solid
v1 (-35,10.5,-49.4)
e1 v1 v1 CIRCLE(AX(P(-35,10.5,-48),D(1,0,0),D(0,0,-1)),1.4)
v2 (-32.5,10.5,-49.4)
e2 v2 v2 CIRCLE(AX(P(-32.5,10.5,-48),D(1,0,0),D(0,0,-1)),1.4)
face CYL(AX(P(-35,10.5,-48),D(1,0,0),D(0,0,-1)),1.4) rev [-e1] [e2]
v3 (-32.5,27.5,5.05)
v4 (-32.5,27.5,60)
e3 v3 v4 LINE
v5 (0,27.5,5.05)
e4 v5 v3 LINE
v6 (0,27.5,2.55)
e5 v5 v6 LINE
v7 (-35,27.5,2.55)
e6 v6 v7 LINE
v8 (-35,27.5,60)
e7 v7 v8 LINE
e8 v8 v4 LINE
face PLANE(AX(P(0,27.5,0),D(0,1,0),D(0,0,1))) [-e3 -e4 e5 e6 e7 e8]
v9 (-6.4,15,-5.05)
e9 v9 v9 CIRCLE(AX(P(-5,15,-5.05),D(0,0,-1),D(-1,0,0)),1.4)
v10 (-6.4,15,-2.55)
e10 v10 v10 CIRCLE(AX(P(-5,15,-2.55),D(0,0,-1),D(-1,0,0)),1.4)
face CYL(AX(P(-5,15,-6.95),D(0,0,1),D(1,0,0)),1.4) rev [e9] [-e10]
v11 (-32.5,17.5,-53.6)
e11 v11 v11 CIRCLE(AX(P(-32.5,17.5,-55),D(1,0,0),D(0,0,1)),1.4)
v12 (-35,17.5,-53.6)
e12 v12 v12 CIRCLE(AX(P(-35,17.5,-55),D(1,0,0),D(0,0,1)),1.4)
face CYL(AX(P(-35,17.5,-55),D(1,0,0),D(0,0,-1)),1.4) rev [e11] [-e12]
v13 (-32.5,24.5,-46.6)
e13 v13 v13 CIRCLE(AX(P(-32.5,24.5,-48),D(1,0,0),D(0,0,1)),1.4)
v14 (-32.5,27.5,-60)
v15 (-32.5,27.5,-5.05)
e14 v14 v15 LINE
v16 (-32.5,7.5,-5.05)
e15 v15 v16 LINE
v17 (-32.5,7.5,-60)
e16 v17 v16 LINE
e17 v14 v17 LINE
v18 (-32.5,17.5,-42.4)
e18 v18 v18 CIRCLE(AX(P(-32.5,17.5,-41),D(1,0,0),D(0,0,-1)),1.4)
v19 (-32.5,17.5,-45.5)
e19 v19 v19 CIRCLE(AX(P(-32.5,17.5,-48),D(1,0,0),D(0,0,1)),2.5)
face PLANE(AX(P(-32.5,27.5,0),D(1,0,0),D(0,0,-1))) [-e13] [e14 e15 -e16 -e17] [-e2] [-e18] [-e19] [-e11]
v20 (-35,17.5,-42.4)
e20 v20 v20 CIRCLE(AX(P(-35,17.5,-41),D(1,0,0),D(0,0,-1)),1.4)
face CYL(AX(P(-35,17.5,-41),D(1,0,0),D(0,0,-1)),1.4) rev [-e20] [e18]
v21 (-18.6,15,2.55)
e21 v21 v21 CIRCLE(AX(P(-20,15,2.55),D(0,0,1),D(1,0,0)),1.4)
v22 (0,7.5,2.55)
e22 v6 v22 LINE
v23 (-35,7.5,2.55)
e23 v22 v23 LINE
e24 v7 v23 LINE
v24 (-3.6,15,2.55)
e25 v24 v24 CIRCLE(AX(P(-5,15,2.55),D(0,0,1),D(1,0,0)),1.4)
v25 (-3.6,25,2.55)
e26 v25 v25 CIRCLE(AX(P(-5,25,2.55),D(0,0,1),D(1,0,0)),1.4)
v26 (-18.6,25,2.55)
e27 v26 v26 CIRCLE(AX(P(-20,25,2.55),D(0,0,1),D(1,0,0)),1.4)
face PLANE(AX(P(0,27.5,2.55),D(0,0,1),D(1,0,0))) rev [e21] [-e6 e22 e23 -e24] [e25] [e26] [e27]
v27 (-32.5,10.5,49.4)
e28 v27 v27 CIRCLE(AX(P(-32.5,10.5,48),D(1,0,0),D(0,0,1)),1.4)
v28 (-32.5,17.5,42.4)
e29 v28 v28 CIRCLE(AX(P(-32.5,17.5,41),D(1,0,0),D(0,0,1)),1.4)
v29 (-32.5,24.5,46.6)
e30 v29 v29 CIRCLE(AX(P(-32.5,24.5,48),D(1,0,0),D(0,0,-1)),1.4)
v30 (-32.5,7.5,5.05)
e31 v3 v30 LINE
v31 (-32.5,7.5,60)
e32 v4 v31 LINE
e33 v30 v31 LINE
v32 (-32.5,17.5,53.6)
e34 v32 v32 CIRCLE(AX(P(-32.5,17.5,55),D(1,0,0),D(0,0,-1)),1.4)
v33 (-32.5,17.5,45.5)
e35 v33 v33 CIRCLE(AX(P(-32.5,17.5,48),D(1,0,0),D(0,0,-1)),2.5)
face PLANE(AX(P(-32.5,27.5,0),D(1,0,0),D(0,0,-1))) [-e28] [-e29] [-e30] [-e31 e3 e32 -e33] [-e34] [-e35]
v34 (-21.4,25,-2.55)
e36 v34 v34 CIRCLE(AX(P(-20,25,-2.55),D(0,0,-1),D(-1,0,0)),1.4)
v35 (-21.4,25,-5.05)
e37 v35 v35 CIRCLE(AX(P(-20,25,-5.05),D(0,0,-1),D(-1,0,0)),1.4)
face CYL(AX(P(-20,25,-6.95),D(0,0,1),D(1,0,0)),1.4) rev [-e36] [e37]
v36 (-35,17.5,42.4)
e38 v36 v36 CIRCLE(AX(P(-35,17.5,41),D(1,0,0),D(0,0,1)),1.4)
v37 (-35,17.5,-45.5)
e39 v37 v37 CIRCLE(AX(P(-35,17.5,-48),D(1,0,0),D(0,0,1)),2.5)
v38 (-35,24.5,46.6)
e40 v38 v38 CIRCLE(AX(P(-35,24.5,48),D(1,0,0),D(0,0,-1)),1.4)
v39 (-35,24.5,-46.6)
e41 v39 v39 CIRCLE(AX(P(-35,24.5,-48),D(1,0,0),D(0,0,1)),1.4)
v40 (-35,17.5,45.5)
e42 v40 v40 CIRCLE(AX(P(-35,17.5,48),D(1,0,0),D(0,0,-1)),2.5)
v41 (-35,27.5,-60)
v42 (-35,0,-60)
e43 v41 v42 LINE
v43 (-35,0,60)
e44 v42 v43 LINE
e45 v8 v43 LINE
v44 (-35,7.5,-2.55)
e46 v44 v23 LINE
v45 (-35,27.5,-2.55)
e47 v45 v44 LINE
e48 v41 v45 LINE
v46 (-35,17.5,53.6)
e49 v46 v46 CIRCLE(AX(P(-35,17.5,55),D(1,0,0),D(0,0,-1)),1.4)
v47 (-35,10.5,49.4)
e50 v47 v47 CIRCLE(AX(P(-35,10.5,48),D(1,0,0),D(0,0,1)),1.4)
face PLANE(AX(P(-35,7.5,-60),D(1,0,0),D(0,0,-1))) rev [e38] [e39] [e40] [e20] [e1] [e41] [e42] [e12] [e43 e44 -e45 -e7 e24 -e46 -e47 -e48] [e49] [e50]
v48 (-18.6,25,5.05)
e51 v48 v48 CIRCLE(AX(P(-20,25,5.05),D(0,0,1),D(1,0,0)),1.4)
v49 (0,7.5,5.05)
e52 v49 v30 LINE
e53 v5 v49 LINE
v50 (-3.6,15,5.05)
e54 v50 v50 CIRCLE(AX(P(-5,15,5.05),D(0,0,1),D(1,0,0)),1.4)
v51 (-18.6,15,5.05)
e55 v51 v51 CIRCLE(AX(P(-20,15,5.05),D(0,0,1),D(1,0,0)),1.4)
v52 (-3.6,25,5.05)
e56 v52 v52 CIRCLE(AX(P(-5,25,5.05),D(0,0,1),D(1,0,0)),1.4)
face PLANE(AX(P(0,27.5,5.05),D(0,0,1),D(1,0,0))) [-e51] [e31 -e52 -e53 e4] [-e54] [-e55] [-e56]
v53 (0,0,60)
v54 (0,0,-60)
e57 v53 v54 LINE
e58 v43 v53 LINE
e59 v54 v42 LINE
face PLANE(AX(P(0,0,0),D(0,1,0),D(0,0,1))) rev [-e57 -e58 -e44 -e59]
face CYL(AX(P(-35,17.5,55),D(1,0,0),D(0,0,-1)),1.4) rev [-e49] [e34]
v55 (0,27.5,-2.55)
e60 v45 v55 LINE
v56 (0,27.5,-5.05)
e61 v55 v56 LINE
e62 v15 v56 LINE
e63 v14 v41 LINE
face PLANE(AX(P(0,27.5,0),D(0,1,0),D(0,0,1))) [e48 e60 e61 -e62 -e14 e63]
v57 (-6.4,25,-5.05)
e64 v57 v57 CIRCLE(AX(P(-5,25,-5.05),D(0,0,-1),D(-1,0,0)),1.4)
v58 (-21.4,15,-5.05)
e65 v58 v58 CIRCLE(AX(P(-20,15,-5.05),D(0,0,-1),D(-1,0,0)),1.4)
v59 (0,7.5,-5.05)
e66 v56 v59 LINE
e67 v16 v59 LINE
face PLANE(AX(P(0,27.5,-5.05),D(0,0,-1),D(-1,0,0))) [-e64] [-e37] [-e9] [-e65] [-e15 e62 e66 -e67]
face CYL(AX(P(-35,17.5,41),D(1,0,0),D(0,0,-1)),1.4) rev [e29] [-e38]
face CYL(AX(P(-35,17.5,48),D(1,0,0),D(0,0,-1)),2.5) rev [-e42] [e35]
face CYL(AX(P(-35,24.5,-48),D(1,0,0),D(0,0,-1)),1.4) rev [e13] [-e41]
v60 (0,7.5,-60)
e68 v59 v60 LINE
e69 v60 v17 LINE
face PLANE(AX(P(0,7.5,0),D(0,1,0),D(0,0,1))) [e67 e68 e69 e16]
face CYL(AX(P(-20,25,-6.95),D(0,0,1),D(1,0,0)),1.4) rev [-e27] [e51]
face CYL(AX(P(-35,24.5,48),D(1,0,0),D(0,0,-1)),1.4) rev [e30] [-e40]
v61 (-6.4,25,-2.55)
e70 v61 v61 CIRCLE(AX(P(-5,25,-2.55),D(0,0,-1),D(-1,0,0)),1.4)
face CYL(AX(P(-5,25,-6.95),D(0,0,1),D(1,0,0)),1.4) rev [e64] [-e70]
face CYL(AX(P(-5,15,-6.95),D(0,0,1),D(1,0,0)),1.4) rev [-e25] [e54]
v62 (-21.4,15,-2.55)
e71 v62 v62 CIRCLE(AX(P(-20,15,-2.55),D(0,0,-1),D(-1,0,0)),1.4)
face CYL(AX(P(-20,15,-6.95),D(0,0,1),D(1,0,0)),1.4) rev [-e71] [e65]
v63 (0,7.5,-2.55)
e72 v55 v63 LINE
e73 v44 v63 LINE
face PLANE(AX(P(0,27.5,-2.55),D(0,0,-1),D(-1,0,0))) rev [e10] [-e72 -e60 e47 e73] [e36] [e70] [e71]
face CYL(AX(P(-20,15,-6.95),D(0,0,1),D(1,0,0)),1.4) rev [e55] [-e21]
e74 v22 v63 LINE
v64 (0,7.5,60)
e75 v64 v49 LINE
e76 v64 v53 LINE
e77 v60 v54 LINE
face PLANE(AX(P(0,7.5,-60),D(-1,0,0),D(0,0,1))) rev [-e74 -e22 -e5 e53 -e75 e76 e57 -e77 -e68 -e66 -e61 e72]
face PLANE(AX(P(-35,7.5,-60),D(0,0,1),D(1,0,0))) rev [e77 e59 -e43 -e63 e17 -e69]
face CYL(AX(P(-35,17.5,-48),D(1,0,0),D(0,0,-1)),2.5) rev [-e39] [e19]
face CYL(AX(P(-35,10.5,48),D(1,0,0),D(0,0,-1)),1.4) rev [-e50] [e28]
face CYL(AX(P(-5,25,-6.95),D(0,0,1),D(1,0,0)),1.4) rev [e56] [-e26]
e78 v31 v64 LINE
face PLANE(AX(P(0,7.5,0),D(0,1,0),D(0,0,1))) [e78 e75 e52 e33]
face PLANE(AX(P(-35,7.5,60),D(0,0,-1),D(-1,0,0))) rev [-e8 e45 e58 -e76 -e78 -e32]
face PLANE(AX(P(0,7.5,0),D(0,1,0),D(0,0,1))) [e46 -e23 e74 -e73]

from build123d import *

# Parameters (mm, degrees)
SKETCH1_W           = 35
SKETCH1_H           = 120
BOSS_EXTRUDE1_DEPTH = 7.5
BOSS_EXTRUDE2_DEPTH = 20
SKETCH4_R           = 1.4
CUT_EXTRUDE2_DEPTH  = 12
SKETCH5_R           = 2.5
SKETCH5_R_2         = 1.4
CUT_EXTRUDE3_DEPTH  = 2.5


with BuildPart() as part:
    # Sketch1 → Boss-Extrude1 (new body)
    with BuildSketch(Plane(origin=(0, 0, 0), x_dir=(1, 0, 0), z_dir=(0, 1, 0))):
        with Locations((-17.5, 0)):
            Rectangle(SKETCH1_W, SKETCH1_H)
    extrude(amount=BOSS_EXTRUDE1_DEPTH)

    # Sketch2 → Boss-Extrude2 (add)
    with BuildSketch(Plane(origin=(0, 7.5, 0), x_dir=(1, 0, 0), z_dir=(0, 1, 0))):
        Polygon((0, 5.05), (-32.5, 5.05), (-32.5, 60), (-35, 60), (-35, 2.55), (0, 2.55), align=None)
        Polygon((0, -5.05), (0, -2.55), (-35, -2.55), (-35, -60), (-32.5, -60), (-32.5, -5.05), align=None)
    extrude(amount=BOSS_EXTRUDE2_DEPTH)

    # Sketch4 → Cut-Extrude2 (cut)
    with BuildSketch(Plane.XY.offset(5.05)):
        with Locations(Location((-5, 25, 0), (0, 0, 180))):
            Circle(SKETCH4_R)
        with Locations(Location((-20, 25, 0), (0, 0, 180))):
            Circle(SKETCH4_R)
        with Locations(Location((-5, 15, 0), (0, 0, 180))):
            Circle(SKETCH4_R)
        with Locations(Location((-20, 15, 0), (0, 0, 180))):
            Circle(SKETCH4_R)
    extrude(amount=-CUT_EXTRUDE2_DEPTH, mode=Mode.SUBTRACT)

    # Sketch5 → Cut-Extrude3 (cut)
    with BuildSketch(Plane(origin=(-32.5, 0, 0), x_dir=(0, 0, -1), z_dir=(1, 0, 0))):
        with Locations((-48, 17.5)):
            Circle(SKETCH5_R)
        with Locations((-48, 24.5)):
            Circle(SKETCH5_R_2)
        with Locations((-55, 17.5)):
            Circle(SKETCH5_R_2)
        with Locations(Location((-48, 10.5, 0), (0, 0, 180))):
            Circle(SKETCH5_R_2)
        with Locations(Location((-41, 17.5, 0), (0, 0, 180))):
            Circle(SKETCH5_R_2)
        with Locations((41, 17.5)):
            Circle(SKETCH5_R_2)
        with Locations((48, 10.5)):
            Circle(SKETCH5_R_2)
        with Locations(Location((55, 17.5, 0), (0, 0, 180))):
            Circle(SKETCH5_R_2)
        with Locations(Location((48, 24.5, 0), (0, 0, 180))):
            Circle(SKETCH5_R_2)
        with Locations(Location((48, 17.5, 0), (0, 0, 180))):
            Circle(SKETCH5_R)
    extrude(amount=-CUT_EXTRUDE3_DEPTH, mode=Mode.SUBTRACT)


solid = part.part
